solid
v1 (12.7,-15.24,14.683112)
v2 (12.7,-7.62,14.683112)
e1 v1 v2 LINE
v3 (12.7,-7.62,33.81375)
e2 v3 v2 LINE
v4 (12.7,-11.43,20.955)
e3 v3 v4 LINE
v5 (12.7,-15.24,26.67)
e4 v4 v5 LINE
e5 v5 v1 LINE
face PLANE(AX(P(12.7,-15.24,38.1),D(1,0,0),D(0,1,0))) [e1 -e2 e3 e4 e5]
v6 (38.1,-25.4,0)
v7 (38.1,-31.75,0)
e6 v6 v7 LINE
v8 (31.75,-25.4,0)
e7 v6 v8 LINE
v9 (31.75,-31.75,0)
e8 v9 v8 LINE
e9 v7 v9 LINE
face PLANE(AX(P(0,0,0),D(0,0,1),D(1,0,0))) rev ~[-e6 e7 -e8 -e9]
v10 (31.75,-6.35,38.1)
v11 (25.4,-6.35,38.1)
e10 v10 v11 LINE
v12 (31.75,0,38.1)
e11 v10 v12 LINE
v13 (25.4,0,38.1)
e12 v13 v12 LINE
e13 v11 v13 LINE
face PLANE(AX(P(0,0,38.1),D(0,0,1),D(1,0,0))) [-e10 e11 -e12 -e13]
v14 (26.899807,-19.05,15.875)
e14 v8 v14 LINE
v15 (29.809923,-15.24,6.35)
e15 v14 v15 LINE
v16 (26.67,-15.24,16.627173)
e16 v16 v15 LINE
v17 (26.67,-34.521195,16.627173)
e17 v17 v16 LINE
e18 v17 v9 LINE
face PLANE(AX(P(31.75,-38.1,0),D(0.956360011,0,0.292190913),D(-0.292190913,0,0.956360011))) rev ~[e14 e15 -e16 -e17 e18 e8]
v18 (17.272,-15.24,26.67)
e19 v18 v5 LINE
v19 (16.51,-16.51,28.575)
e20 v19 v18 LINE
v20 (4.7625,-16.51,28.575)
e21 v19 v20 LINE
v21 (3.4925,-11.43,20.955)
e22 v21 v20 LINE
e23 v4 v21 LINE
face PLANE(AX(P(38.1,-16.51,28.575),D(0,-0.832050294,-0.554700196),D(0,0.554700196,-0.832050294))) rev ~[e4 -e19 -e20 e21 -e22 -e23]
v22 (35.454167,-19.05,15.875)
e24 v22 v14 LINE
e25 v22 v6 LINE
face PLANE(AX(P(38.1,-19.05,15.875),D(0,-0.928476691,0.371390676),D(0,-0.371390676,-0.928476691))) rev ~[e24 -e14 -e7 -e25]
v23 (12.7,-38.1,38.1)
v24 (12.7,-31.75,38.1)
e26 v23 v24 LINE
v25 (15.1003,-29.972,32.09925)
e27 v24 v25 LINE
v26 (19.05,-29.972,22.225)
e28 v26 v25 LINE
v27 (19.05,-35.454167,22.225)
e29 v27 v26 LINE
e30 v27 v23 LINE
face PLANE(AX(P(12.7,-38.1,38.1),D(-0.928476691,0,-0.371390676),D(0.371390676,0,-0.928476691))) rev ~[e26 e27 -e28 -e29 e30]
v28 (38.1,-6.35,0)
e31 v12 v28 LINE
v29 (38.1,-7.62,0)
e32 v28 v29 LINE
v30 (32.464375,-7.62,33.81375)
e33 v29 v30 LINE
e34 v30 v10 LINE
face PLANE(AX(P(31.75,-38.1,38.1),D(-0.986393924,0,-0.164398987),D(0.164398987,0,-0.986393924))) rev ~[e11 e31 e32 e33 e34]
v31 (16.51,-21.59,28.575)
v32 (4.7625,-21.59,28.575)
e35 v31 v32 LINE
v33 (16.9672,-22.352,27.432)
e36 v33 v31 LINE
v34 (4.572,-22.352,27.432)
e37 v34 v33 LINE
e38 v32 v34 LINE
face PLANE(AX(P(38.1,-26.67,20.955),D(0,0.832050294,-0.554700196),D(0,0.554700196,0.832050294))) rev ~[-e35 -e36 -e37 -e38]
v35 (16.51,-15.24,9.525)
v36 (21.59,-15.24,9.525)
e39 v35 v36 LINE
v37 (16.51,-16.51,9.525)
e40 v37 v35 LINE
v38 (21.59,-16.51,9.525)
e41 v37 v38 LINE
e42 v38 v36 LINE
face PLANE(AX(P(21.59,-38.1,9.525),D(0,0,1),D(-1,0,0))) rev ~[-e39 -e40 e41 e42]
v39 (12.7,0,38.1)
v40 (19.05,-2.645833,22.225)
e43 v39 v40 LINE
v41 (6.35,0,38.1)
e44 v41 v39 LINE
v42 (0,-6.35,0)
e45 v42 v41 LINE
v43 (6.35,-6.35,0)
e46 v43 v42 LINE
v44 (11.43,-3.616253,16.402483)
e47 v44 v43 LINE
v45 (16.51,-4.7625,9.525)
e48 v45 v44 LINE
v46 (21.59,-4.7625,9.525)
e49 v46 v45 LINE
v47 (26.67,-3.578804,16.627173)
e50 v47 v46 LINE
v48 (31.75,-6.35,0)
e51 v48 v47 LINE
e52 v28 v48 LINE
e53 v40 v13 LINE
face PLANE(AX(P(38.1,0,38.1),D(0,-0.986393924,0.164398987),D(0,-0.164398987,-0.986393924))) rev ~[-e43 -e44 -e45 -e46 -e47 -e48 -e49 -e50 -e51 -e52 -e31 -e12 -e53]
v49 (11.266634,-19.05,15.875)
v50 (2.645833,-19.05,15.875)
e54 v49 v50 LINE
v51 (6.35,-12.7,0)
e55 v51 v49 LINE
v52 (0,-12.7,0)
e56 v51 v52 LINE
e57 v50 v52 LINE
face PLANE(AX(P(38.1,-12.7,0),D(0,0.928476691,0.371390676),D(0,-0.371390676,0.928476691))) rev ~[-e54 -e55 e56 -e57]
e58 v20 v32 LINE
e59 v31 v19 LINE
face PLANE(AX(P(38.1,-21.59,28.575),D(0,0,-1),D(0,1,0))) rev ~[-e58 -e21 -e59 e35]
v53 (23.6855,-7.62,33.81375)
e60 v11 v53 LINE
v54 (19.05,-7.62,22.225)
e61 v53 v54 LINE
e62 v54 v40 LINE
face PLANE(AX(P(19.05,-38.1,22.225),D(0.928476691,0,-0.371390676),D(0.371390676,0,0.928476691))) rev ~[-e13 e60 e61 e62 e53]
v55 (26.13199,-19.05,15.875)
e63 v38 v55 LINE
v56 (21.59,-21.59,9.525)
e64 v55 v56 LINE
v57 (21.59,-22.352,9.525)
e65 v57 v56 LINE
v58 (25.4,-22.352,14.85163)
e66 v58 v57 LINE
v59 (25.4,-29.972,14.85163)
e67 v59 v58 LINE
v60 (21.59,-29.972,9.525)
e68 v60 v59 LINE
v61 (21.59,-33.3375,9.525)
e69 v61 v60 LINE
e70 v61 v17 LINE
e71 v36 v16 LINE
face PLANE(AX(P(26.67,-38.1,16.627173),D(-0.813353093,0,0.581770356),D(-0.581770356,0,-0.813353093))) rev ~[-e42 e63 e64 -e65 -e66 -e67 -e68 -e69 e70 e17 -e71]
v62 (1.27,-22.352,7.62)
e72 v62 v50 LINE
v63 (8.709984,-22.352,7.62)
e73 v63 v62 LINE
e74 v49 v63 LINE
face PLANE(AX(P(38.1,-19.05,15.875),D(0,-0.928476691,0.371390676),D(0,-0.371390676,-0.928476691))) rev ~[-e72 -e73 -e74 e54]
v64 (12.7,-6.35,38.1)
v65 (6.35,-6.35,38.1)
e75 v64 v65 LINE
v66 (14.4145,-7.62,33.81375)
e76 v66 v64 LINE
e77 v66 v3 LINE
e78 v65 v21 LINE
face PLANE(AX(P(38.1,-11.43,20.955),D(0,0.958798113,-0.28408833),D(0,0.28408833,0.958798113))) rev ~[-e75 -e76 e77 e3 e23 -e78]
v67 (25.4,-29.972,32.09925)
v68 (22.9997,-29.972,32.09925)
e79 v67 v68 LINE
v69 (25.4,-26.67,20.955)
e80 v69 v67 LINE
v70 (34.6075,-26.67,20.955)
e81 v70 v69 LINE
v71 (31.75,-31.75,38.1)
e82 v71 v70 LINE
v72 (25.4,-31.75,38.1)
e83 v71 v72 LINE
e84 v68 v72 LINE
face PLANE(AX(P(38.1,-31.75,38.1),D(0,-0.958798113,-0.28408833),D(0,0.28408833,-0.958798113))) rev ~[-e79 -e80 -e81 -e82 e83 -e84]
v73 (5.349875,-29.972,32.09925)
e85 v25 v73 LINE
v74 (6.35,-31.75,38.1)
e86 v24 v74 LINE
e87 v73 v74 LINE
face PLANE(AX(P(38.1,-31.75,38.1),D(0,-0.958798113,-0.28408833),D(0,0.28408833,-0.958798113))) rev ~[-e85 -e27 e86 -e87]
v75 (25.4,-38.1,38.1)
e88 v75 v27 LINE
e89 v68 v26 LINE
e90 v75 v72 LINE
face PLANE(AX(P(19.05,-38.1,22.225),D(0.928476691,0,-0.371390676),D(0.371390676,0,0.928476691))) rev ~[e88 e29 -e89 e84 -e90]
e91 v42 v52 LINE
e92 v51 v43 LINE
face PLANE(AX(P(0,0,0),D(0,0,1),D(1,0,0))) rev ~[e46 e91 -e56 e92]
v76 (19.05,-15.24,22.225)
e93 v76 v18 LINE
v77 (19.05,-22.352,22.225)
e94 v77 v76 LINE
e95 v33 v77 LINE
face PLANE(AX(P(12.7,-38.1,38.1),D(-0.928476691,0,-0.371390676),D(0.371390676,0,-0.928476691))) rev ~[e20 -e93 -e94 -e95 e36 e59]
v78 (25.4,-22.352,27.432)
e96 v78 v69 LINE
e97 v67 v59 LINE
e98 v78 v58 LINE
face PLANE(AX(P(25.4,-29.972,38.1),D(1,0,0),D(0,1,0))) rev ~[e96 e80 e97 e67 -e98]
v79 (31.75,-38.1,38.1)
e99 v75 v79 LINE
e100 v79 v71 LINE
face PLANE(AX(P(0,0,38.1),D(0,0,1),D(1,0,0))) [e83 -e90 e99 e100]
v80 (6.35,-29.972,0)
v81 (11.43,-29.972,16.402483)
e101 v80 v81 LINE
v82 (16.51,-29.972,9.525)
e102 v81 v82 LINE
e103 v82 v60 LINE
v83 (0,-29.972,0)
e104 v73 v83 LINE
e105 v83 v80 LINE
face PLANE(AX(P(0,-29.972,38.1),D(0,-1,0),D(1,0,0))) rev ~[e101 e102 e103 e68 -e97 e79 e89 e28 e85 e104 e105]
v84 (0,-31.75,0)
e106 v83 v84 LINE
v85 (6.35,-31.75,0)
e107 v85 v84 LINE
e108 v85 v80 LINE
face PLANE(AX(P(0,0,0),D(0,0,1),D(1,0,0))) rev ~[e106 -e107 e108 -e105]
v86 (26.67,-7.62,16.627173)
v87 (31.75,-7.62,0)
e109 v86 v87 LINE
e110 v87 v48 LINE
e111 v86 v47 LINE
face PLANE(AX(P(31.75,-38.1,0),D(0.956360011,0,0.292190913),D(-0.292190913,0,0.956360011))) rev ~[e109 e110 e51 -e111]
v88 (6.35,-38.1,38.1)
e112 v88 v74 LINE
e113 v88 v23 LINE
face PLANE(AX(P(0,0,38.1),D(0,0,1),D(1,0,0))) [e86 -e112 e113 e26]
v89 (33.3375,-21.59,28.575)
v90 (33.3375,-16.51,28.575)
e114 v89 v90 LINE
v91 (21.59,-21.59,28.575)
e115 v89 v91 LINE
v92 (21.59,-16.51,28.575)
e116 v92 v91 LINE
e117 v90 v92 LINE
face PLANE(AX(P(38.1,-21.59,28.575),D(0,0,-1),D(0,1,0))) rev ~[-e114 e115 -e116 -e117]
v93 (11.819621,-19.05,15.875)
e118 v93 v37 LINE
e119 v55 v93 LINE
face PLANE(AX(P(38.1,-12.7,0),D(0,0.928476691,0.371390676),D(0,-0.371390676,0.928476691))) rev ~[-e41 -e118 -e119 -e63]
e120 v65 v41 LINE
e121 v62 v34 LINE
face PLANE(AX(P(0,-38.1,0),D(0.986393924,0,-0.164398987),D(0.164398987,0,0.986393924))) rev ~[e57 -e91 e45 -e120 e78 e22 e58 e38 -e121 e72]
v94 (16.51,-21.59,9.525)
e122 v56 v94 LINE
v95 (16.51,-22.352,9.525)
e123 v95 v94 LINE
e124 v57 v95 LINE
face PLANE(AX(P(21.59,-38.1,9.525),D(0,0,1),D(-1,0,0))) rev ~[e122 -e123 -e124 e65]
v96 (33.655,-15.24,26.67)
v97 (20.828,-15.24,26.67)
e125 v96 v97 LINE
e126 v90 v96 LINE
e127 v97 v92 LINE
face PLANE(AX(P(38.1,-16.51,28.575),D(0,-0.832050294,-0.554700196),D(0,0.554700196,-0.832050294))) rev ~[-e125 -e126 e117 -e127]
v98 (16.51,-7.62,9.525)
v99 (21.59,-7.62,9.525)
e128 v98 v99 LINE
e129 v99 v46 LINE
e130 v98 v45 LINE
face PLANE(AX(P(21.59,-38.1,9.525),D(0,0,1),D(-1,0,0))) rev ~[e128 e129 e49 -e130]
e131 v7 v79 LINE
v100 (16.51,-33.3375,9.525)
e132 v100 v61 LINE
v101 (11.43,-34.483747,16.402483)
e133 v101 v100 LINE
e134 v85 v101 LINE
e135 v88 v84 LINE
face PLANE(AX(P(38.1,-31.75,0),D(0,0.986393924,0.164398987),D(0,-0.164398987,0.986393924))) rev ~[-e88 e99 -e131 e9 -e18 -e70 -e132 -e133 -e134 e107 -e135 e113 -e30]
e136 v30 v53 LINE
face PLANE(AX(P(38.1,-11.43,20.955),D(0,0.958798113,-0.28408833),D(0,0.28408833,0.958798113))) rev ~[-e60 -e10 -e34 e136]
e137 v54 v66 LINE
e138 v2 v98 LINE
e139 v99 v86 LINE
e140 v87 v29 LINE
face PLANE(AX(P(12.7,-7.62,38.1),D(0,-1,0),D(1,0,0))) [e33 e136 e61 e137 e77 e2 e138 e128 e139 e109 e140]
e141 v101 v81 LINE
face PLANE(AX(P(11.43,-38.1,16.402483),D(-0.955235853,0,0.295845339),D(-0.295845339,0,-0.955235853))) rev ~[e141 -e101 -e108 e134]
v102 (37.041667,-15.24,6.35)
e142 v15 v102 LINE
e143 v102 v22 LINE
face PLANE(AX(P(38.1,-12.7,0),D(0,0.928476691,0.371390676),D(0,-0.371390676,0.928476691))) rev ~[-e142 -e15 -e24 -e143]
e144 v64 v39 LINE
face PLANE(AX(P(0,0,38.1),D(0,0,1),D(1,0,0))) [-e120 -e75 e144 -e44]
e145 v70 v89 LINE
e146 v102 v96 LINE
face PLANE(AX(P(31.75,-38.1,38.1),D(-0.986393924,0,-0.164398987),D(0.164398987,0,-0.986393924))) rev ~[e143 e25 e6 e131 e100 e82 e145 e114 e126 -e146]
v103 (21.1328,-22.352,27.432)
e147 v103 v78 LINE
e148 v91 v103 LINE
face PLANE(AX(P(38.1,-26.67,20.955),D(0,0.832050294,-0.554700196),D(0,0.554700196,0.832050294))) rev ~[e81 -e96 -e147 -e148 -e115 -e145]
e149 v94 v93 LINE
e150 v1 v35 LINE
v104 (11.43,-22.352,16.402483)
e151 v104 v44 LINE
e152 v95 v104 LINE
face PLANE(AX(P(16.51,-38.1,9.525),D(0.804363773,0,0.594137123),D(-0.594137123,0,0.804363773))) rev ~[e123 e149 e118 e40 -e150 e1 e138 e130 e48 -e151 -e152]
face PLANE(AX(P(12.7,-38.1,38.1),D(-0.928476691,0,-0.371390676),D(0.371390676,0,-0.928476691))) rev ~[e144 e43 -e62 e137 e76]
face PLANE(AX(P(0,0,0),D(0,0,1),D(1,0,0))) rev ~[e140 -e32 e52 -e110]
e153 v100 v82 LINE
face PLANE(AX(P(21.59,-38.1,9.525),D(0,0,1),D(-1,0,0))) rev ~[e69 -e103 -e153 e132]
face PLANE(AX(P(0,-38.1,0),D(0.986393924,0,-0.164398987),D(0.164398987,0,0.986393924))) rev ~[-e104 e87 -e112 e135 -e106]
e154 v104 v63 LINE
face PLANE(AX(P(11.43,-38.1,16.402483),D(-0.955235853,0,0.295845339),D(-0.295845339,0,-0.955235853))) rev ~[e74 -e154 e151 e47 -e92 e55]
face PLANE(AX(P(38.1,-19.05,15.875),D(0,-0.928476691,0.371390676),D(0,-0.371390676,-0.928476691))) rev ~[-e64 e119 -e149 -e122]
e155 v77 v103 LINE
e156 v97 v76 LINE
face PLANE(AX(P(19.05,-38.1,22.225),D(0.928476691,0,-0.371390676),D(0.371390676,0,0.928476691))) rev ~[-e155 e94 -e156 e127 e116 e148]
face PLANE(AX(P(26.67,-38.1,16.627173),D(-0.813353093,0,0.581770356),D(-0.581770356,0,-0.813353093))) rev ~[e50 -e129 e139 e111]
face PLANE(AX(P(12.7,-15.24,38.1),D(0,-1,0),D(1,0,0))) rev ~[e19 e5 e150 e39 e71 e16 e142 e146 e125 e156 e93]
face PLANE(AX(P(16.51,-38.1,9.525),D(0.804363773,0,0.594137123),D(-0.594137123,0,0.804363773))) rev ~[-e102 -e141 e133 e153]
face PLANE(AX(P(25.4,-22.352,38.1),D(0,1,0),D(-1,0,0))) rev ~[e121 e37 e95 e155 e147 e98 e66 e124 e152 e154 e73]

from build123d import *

# Parameters (mm, degrees)
F0_W      = 38.1
F0_H      = 38.1
F2_DEPTH  = 38.1
F6_DEPTH  = 38.1
F8_DEPTH  = 38.1
F9_W      = 25.4
F9_H      = 7.62
F10_DEPTH = 38.1


with BuildPart() as f2:
    # F0 (on Front) → F2 (new body)
    with BuildSketch(Plane.XZ):
        with Locations((19.05, 19.05)):
            Rectangle(F0_W, F0_H)
    extrude(amount=F2_DEPTH)

    # F5 (on offset) → F6 (cut)
    with BuildSketch(Plane.YZ.offset(38.1)):
        Polygon((-6.35, 38.1), (-31.75, 38.1), (-26.67, 20.955), (-21.59, 28.575), (-16.51, 28.575), (-11.43, 20.955), align=None)
        Polygon((0, 0), (0, 38.1), (-6.35, 0), align=None)
        Polygon((-19.05, 15.875), (-25.4, 0), (-12.7, 0), align=None)
        Polygon((-31.75, 0), (-38.1, 38.1), (-38.1, 0), align=None)
    extrude(amount=-F6_DEPTH, mode=Mode.SUBTRACT)

    # F7 (on offset) → F8 (cut)
    with BuildSketch(Plane.XZ.offset(38.1)):
        Polygon((0, 38.1), (0, 0), (6.35, 38.1), align=None)
        Polygon((11.43, 16.402483), (6.35, 0), (31.75, 0), (26.67, 16.627173), (21.59, 9.525), (16.51, 9.525), align=None)
        Polygon((25.4, 38.1), (12.7, 38.1), (19.05, 22.225), align=None)
        Polygon((31.75, 38.1), (38.1, 0), (38.1, 38.1), align=None)
    extrude(amount=-F8_DEPTH, mode=Mode.SUBTRACT)

    # F9 (on offset) → F10 (cut)
    with BuildSketch(Plane.XY.offset(38.1)):
        with Locations((25.4, -11.43)):
            Rectangle(F9_W, F9_H)
        Polygon((25.4, -22.352), (0, -22.352), (0, -29.972), (1.777999, -29.972), (25.4, -29.972), align=None)
    extrude(amount=-F10_DEPTH, mode=Mode.SUBTRACT)


solid = f2.part
